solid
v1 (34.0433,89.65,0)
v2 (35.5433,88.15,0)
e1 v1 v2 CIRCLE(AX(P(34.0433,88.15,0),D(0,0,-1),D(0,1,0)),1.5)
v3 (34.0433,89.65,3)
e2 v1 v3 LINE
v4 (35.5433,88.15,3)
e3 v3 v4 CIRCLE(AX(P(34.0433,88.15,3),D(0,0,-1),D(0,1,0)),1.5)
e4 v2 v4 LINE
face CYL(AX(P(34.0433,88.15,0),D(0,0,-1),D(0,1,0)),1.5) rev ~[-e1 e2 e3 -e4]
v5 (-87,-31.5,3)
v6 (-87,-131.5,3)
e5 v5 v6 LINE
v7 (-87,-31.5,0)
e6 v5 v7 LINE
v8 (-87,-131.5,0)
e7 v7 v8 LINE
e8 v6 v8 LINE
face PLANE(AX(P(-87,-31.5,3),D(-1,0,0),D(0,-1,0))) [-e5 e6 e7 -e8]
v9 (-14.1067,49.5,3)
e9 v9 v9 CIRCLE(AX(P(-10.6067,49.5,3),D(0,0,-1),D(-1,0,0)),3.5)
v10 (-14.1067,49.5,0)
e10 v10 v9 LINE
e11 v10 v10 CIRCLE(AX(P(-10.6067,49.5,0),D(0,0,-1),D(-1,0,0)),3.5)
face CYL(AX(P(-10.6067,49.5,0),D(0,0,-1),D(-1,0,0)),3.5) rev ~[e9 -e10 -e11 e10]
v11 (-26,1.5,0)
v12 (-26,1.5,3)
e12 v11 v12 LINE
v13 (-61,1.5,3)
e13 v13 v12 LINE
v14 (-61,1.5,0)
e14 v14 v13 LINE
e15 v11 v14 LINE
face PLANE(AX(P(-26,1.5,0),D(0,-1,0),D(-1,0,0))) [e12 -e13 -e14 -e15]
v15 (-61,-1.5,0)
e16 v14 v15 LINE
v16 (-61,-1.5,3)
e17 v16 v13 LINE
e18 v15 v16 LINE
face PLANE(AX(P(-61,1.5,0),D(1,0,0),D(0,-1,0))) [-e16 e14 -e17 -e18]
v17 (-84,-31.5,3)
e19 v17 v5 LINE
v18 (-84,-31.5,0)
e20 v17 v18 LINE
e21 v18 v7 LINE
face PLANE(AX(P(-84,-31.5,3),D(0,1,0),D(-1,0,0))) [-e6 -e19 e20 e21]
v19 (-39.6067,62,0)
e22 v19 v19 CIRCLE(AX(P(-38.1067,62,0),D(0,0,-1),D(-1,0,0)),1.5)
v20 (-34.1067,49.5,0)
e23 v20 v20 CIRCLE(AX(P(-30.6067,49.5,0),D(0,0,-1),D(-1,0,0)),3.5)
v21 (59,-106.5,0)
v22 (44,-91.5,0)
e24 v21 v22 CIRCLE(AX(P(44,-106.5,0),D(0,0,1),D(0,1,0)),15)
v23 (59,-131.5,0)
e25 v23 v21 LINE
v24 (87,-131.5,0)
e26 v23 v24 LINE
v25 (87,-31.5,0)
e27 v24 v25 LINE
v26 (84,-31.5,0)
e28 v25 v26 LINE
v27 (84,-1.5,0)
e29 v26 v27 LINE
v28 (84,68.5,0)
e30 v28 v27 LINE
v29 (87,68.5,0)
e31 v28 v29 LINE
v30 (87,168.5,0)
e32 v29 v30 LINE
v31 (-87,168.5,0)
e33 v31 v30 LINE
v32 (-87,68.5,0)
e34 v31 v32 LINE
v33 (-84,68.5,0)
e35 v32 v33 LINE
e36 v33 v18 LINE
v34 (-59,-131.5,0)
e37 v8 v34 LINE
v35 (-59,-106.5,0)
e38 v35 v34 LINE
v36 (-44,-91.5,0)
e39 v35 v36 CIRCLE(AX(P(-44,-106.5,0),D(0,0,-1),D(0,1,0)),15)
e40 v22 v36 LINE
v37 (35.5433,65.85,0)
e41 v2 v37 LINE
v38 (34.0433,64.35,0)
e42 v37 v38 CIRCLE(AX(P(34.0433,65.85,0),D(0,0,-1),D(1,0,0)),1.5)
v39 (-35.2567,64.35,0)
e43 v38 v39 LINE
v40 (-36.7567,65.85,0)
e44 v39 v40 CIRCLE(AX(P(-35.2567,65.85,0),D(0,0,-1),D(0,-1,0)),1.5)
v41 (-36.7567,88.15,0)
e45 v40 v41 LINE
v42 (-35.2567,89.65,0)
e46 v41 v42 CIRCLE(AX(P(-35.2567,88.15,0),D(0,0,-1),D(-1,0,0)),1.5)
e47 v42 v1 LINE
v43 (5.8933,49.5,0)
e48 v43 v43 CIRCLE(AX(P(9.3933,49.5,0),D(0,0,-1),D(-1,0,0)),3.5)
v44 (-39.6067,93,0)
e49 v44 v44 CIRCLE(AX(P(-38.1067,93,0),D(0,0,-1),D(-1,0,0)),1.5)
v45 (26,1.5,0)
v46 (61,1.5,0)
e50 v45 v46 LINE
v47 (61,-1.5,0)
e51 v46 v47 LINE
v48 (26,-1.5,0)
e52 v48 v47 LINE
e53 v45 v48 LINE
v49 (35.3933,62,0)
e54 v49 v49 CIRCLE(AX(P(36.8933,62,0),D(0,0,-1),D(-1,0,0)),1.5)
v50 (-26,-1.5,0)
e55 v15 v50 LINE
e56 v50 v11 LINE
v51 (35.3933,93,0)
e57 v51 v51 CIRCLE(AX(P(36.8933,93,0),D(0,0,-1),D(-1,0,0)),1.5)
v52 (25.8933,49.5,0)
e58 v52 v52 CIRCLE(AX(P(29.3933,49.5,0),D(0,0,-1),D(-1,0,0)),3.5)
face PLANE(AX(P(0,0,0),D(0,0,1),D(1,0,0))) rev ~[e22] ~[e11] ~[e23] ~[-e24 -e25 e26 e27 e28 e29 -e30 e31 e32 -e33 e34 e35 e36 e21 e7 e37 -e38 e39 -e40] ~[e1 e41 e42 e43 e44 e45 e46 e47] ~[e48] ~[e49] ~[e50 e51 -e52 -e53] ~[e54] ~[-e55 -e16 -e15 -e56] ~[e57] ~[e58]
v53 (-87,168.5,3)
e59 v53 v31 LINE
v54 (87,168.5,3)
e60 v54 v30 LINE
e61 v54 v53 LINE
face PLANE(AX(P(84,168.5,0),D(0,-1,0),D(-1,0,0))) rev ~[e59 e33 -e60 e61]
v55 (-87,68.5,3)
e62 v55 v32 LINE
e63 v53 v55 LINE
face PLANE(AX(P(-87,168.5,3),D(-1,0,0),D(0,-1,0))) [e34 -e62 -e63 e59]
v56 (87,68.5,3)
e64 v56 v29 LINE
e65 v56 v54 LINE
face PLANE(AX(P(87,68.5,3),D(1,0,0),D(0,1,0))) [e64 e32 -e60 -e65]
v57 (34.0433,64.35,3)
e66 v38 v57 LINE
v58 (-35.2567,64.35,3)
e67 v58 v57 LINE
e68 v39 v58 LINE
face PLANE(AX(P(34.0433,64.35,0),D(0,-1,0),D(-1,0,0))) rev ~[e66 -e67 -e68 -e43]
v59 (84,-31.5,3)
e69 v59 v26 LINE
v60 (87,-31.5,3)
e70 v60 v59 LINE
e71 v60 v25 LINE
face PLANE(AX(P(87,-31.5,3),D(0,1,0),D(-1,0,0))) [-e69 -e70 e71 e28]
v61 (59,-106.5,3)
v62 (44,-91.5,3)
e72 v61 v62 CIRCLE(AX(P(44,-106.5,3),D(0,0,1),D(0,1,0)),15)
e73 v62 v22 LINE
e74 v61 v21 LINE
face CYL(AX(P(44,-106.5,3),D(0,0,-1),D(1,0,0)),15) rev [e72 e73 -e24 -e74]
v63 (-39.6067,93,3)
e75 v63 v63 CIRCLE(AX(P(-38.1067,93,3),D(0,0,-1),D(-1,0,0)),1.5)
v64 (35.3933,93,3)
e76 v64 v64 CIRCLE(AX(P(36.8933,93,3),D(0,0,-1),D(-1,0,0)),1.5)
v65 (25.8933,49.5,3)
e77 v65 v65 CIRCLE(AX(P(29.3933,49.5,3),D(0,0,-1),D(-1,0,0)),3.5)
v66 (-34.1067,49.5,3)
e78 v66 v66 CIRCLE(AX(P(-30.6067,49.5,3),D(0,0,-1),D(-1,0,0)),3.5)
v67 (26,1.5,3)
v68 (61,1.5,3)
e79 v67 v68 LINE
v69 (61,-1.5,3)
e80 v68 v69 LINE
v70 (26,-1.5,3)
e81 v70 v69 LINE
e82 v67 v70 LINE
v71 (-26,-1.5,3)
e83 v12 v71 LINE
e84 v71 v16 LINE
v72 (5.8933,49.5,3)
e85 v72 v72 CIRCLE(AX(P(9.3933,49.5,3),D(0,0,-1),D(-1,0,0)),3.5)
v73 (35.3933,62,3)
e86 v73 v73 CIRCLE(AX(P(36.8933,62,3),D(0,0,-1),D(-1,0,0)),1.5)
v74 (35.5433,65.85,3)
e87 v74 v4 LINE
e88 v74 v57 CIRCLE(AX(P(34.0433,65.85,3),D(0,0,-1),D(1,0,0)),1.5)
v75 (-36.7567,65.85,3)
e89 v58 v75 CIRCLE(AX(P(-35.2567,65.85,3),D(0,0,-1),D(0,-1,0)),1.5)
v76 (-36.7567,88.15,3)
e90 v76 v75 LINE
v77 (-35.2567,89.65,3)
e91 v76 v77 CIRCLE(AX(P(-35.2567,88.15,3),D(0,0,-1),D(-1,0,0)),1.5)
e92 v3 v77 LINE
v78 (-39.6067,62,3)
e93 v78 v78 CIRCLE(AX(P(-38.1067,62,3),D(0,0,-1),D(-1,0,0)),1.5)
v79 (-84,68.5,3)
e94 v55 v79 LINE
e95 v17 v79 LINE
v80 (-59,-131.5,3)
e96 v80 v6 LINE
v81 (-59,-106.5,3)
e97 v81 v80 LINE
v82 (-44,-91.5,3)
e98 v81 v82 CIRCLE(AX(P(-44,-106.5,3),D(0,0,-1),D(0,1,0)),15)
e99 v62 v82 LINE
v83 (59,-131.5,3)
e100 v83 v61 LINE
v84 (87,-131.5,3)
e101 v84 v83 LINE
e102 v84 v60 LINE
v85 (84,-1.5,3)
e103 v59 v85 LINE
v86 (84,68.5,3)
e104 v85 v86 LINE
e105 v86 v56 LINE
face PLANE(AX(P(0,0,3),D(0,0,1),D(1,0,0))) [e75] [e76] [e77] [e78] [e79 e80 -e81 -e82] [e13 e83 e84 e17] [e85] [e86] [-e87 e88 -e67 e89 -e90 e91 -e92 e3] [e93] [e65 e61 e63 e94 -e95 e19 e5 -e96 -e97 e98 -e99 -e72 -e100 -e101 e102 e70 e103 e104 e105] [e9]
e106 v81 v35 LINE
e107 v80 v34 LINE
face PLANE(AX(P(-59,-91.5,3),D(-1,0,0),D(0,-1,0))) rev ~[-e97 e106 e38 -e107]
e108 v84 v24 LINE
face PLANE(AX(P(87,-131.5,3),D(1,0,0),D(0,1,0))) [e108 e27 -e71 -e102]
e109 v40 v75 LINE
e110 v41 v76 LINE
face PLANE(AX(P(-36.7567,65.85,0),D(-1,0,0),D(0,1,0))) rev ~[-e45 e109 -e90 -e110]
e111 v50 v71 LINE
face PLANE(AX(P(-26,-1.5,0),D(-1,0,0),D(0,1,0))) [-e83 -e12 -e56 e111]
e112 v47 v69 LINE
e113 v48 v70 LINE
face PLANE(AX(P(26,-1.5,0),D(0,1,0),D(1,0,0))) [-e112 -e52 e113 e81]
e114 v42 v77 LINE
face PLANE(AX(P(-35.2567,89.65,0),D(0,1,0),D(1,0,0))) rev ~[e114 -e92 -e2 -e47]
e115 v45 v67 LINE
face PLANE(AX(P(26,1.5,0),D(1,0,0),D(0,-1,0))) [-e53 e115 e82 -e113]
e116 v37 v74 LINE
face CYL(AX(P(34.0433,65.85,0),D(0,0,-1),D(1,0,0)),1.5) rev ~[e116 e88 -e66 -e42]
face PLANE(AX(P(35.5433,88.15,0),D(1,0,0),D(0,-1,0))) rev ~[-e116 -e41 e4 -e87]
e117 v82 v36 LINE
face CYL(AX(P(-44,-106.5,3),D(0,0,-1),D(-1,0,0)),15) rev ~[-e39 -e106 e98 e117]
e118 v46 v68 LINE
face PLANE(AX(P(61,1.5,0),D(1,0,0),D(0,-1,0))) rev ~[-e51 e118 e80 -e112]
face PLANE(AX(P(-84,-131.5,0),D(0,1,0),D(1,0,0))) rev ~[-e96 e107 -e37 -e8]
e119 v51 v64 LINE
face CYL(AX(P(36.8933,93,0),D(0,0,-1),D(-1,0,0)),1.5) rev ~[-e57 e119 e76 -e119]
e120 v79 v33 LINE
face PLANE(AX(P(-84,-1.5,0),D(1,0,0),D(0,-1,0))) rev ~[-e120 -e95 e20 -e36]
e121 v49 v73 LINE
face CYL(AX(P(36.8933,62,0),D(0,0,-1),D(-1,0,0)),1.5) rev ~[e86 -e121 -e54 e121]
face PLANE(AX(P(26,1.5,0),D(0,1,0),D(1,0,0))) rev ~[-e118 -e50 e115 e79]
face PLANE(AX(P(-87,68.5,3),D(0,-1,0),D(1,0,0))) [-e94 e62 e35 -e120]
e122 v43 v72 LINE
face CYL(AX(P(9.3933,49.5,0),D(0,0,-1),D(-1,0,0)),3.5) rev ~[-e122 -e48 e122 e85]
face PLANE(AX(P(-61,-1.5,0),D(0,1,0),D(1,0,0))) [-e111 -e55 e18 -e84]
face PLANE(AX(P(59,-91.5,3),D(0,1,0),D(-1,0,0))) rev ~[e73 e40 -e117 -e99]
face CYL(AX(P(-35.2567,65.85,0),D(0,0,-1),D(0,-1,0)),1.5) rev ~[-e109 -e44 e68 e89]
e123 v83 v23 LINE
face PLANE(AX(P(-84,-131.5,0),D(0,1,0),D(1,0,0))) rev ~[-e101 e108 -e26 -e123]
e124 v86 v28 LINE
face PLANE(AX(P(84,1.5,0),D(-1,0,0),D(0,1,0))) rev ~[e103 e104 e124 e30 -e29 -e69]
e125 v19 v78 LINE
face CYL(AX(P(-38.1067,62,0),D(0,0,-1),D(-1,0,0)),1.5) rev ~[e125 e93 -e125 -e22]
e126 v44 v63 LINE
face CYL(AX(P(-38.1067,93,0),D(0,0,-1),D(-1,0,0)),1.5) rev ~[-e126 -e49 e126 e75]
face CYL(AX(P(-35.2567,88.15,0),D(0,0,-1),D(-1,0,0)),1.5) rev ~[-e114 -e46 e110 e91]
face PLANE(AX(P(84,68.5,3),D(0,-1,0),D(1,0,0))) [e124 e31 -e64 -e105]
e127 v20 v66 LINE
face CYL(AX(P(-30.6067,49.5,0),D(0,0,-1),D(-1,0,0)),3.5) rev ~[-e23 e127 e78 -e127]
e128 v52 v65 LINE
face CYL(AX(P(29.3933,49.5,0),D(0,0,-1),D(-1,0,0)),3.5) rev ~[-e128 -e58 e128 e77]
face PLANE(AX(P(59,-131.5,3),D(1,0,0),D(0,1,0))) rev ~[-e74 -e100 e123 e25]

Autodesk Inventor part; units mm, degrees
ref_plane "YZ Plane" through (0, 0, 0) normal (1, 0, 0) x (0, 1, 0)
ref_plane "XZ Plane" through (0, 0, 0) normal (0, 1, 0) x (-1, 0, 0)
ref_plane "XY Plane" through (0, 0, 0) normal (0, 0, 1) x (1, 0, 0)
sketch "Sketch1" plane through (0, 0, 0) normal (0, 0, 1) x (1, 0, 0)
  line L0 (-84, -131.5) -> (84, -131.5)
  line L1 (84, -131.5) -> (84, 168.5)
  line L2 (84, 168.5) -> (-84, 168.5)
  line L3 (-84, 168.5) -> (-84, -131.5)
  line L4 (-84, 1.5) -> (-84, -1.5) projected
  line L5 (84, -1.5) -> (84, 1.5) projected
  line L6 (61, -1.5) -> (84, -1.5) projected
  line L7 (26, -1.5) -> (61, -1.5) projected
  line L8 (61, 1.5) -> (61, -1.5) projected
  line L9 (26, 1.5) -> (61, 1.5) projected
  line L10 (26, 1.5) -> (26, -1.5) projected
  point P0 (0, 0)
  dimension "d0" = 300
  dimension "d1" = 170
extrude "Extrusion1" add sketch "Sketch1" along normal blind 3
sketch "Sketch2" plane through (0, 0, 0) normal (0, 0, -1) x (-1, 0, 0)
  line L0 (84, 1.5) -> (84, -1.5)
  line L1 (84, -1.5) -> (61, -1.5)
  line L2 (61, 1.5) -> (61, -1.5)
  line L3 (26, 1.5) -> (61, 1.5)
  line L4 (26, -1.5) -> (26, 1.5)
  line L5 (26, -1.5) -> (-26, -1.5)
  line L6 (-26, 1.5) -> (-26, -1.5)
  line L7 (-61, 1.5) -> (-26, 1.5)
  line L8 (-61, -1.5) -> (-61, 1.5)
  line L9 (-61, -1.5) -> (-84, -1.5)
  line L10 (-84, -1.5) -> (-84, 1.5)
  line L11 (-84, 1.5) -> (-61, 1.5)
  line L12 (61, 1.5) -> (84, 1.5)
  line L13 (61, -1.5) -> (26, -1.5)
  line L14 (-26, 1.5) -> (26, 1.5)
  line L15 (-26, -1.5) -> (-61, -1.5)
  point P0 (0, 0)
extrude "Extrusion2" cut sketch "Sketch2" against normal blind 10 contours L2 L13 L4 L3
sketch "Sketch3" plane through (0, 0, 3) normal (0, 0, 1) x (1, 0, 0)
  line L0 (84, -131.5) -> (84, 168.5) projected
  line L1 (84, -131.5) -> (87, -131.5)
  line L2 (87, -131.5) -> (87, -31.5)
  line L3 (87, -31.5) -> (84, -31.5)
  line L4 (84, -31.5) -> (84, -131.5)
  line L5 (-61, -1.5) -> (-26, -1.5) projected
  line L6 (-26, -1.5) -> (-26, 1.5) projected
  line L7 (-26, 1.5) -> (-61, 1.5) projected
  line L8 (-61, 1.5) -> (-61, -1.5) projected
  line L9 (26, 1.5) -> (26, -1.5) projected
  line L10 (26, -1.5) -> (61, -1.5) projected
  line L11 (61, -1.5) -> (61, 1.5) projected
  line L12 (61, 1.5) -> (26, 1.5) projected
  line L13 (-84, 168.5) -> (84, 168.5) projected
  line L14 (84, 168.5) -> (84, -131.5) projected
  line L15 (84, -131.5) -> (-84, -131.5) projected
  line L16 (-84, -131.5) -> (-84, 168.5) projected
  line L17 (87, 168.5) -> (84, 168.5)
  line L18 (84, 68.5) -> (87, 68.5)
  line L19 (87, 68.5) -> (87, 168.5)
  line L20 (84, 168.5) -> (84, 68.5)
  line L21 (-84, -31.5) -> (-87, -31.5)
  line L22 (-87, -131.5) -> (-84, -131.5)
  line L23 (-84, -131.5) -> (-84, -31.5)
  line L24 (-87, -31.5) -> (-87, -131.5)
  line L25 (-84, 168.5) -> (-87, 168.5)
  line L26 (-87, 68.5) -> (-84, 68.5)
  line L27 (-84, 68.5) -> (-84, 168.5)
  line L28 (-87, 168.5) -> (-87, 68.5)
  point P0 (0, 0)
  dimension "d6" = 100
  dimension "d7" = 3
  dimension "d10" = 200
  dimension "d13" = 171
extrude "Extrusion3" add sketch "Sketch3" against normal up to surface (3 mm away) contours L0 L3 L2 L1 | L22 L24 L21 L16 | L0 L17 L19 L18 | L26 L28 L25 L16
sketch "Sketch4" plane through (0, 0, 3) normal (0, 0, 1) x (1, 0, 0)
  line L0 (-59, -131.5) -> (59, -131.5)
  line L1 (59, -131.5) -> (59, -91.5)
  line L2 (59, -91.5) -> (-59, -91.5)
  line L3 (-59, -91.5) -> (-59, -131.5)
  line L4 (-87, -131.5) -> (87, -131.5) projected
  line L5 (87, -131.5) -> (87, -31.5) projected
  line L6 (-87, -31.5) -> (-87, -131.5) projected
  point P0 (0, 0)
  dimension "d18" = 28
  dimension "d19" = 28
  dimension "d20" = 40
extrude "Extrusion4" cut sketch "Sketch4" against normal blind 10
fillet "Fillet1" radius 15 2 edges at (59, -91.5, 1.5) (-59, -91.5, 1.5)
sketch "Sketch5" plane through (0, 0, 0) normal (0, 0, -1) x (-1, 0, 0)
  circle A0 centre (-29.3933, 49.5) radius 3.5
  circle A1 centre (-9.3933, 49.5) radius 3.5
  circle A2 centre (10.6067, 49.5) radius 3.5
  circle A3 centre (30.6067, 49.5) radius 3.5
  line L0 (-34.0433, 89.15) -> (35.2567, 89.15)
  arc A4 (36.2567, 88.15) -> (35.2567, 89.15) centre (35.2567, 88.15) ccw
  line L1 (36.2567, 88.15) -> (36.2567, 65.85)
  arc A5 (35.2567, 64.85) -> (36.2567, 65.85) centre (35.2567, 65.85) ccw
  line L2 (35.2567, 64.85) -> (-34.0433, 64.85)
  arc A6 (-35.0433, 65.85) -> (-34.0433, 64.85) centre (-34.0433, 65.85) ccw
  line L3 (-35.0433, 65.85) -> (-35.0433, 88.15)
  arc A7 (-34.0433, 89.15) -> (-35.0433, 88.15) centre (-34.0433, 88.15) ccw
  line L4 (-34.5433, 88.15) -> (-34.5433, 65.85)
  arc A8 (-34.5433, 65.85) -> (-34.0433, 65.35) centre (-34.0433, 65.85) ccw
  line L5 (-34.0433, 65.35) -> (35.2567, 65.35)
  arc A9 (35.2567, 65.35) -> (35.7567, 65.85) centre (35.2567, 65.85) ccw
  line L6 (35.7567, 65.85) -> (35.7567, 88.15)
  arc A10 (35.7567, 88.15) -> (35.2567, 88.65) centre (35.2567, 88.15) ccw
  line L7 (35.2567, 88.65) -> (33.3925, 88.65)
  spline S0 degree 3 poles (33.3925, 88.65) (33.3126, 88.65) (33.217, 88.642) (32.9717, 88.6132) (32.7737, 88.5819) (32.6067, 88.5819) knots 0.255439 0.255439 0.255439 0.255439 0.279421 0.279421 0.329528 0.329528 0.329528 0.329528
  line L8 (32.6067, 88.5819) -> (-31.3933, 88.5819)
  spline S1 degree 3 poles (-31.3933, 88.5819) (-31.5603, 88.5819) (-31.7583, 88.6132) (-32.0036, 88.642) (-32.0992, 88.65) (-32.1791, 88.65) knots 0.329528 0.329528 0.329528 0.329528 0.379635 0.379635 0.403617 0.403617 0.403617 0.403617
  line L9 (-32.1791, 88.65) -> (-34.0433, 88.65)
  arc A11 (-34.0433, 88.65) -> (-34.5433, 88.15) centre (-34.0433, 88.15) ccw
  line L10 (-33.3933, 69) -> (-33.3933, 86)
  line L11 (-33.3933, 86) -> (34.6067, 86)
  line L12 (34.6067, 86) -> (34.6067, 69)
  line L13 (34.6067, 69) -> (-33.3933, 69)
  circle A12 centre (38.1067, 93) radius 1.5 projected
  circle A13 centre (-36.8933, 93) radius 1.5 projected
  circle A14 centre (-36.8933, 62) radius 1.5 projected
  circle A15 centre (38.1067, 62) radius 1.5 projected
  line L14 (36.7567, 65.85) -> (36.7567, 88.15)
  arc A16 (36.7567, 88.15) -> (35.2567, 89.65) centre (35.2567, 88.15) ccw
  line L15 (35.2567, 89.65) -> (-34.0433, 89.65)
  arc A17 (-34.0433, 89.65) -> (-35.5433, 88.15) centre (-34.0433, 88.15) ccw
  line L16 (-35.5433, 88.15) -> (-35.5433, 65.85)
  arc A18 (-35.5433, 65.85) -> (-34.0433, 64.35) centre (-34.0433, 65.85) ccw
  line L17 (-34.0433, 64.35) -> (35.2567, 64.35)
  arc A19 (35.2567, 64.35) -> (36.7567, 65.85) centre (35.2567, 65.85) ccw
  point P0 (0, 0)
  dimension "d24" = 0.5
extrude "Extrusion5" cut sketch "Sketch5" against normal blind 10 contours A0 | A1 | A2 | A3 | L0 A4 L1 A5 L2 A6 L3 A7 | A11 L9 S1 L8 S0 L7 A10 L6 A9 L5 A8 L4 | L10 L11 L12 L13 | A12 | A13 | A14 | A15 | A19 L17 A18 L16 A17 L15 A16 L14
properties part number "Pared_Lateral_ConCircuito"
